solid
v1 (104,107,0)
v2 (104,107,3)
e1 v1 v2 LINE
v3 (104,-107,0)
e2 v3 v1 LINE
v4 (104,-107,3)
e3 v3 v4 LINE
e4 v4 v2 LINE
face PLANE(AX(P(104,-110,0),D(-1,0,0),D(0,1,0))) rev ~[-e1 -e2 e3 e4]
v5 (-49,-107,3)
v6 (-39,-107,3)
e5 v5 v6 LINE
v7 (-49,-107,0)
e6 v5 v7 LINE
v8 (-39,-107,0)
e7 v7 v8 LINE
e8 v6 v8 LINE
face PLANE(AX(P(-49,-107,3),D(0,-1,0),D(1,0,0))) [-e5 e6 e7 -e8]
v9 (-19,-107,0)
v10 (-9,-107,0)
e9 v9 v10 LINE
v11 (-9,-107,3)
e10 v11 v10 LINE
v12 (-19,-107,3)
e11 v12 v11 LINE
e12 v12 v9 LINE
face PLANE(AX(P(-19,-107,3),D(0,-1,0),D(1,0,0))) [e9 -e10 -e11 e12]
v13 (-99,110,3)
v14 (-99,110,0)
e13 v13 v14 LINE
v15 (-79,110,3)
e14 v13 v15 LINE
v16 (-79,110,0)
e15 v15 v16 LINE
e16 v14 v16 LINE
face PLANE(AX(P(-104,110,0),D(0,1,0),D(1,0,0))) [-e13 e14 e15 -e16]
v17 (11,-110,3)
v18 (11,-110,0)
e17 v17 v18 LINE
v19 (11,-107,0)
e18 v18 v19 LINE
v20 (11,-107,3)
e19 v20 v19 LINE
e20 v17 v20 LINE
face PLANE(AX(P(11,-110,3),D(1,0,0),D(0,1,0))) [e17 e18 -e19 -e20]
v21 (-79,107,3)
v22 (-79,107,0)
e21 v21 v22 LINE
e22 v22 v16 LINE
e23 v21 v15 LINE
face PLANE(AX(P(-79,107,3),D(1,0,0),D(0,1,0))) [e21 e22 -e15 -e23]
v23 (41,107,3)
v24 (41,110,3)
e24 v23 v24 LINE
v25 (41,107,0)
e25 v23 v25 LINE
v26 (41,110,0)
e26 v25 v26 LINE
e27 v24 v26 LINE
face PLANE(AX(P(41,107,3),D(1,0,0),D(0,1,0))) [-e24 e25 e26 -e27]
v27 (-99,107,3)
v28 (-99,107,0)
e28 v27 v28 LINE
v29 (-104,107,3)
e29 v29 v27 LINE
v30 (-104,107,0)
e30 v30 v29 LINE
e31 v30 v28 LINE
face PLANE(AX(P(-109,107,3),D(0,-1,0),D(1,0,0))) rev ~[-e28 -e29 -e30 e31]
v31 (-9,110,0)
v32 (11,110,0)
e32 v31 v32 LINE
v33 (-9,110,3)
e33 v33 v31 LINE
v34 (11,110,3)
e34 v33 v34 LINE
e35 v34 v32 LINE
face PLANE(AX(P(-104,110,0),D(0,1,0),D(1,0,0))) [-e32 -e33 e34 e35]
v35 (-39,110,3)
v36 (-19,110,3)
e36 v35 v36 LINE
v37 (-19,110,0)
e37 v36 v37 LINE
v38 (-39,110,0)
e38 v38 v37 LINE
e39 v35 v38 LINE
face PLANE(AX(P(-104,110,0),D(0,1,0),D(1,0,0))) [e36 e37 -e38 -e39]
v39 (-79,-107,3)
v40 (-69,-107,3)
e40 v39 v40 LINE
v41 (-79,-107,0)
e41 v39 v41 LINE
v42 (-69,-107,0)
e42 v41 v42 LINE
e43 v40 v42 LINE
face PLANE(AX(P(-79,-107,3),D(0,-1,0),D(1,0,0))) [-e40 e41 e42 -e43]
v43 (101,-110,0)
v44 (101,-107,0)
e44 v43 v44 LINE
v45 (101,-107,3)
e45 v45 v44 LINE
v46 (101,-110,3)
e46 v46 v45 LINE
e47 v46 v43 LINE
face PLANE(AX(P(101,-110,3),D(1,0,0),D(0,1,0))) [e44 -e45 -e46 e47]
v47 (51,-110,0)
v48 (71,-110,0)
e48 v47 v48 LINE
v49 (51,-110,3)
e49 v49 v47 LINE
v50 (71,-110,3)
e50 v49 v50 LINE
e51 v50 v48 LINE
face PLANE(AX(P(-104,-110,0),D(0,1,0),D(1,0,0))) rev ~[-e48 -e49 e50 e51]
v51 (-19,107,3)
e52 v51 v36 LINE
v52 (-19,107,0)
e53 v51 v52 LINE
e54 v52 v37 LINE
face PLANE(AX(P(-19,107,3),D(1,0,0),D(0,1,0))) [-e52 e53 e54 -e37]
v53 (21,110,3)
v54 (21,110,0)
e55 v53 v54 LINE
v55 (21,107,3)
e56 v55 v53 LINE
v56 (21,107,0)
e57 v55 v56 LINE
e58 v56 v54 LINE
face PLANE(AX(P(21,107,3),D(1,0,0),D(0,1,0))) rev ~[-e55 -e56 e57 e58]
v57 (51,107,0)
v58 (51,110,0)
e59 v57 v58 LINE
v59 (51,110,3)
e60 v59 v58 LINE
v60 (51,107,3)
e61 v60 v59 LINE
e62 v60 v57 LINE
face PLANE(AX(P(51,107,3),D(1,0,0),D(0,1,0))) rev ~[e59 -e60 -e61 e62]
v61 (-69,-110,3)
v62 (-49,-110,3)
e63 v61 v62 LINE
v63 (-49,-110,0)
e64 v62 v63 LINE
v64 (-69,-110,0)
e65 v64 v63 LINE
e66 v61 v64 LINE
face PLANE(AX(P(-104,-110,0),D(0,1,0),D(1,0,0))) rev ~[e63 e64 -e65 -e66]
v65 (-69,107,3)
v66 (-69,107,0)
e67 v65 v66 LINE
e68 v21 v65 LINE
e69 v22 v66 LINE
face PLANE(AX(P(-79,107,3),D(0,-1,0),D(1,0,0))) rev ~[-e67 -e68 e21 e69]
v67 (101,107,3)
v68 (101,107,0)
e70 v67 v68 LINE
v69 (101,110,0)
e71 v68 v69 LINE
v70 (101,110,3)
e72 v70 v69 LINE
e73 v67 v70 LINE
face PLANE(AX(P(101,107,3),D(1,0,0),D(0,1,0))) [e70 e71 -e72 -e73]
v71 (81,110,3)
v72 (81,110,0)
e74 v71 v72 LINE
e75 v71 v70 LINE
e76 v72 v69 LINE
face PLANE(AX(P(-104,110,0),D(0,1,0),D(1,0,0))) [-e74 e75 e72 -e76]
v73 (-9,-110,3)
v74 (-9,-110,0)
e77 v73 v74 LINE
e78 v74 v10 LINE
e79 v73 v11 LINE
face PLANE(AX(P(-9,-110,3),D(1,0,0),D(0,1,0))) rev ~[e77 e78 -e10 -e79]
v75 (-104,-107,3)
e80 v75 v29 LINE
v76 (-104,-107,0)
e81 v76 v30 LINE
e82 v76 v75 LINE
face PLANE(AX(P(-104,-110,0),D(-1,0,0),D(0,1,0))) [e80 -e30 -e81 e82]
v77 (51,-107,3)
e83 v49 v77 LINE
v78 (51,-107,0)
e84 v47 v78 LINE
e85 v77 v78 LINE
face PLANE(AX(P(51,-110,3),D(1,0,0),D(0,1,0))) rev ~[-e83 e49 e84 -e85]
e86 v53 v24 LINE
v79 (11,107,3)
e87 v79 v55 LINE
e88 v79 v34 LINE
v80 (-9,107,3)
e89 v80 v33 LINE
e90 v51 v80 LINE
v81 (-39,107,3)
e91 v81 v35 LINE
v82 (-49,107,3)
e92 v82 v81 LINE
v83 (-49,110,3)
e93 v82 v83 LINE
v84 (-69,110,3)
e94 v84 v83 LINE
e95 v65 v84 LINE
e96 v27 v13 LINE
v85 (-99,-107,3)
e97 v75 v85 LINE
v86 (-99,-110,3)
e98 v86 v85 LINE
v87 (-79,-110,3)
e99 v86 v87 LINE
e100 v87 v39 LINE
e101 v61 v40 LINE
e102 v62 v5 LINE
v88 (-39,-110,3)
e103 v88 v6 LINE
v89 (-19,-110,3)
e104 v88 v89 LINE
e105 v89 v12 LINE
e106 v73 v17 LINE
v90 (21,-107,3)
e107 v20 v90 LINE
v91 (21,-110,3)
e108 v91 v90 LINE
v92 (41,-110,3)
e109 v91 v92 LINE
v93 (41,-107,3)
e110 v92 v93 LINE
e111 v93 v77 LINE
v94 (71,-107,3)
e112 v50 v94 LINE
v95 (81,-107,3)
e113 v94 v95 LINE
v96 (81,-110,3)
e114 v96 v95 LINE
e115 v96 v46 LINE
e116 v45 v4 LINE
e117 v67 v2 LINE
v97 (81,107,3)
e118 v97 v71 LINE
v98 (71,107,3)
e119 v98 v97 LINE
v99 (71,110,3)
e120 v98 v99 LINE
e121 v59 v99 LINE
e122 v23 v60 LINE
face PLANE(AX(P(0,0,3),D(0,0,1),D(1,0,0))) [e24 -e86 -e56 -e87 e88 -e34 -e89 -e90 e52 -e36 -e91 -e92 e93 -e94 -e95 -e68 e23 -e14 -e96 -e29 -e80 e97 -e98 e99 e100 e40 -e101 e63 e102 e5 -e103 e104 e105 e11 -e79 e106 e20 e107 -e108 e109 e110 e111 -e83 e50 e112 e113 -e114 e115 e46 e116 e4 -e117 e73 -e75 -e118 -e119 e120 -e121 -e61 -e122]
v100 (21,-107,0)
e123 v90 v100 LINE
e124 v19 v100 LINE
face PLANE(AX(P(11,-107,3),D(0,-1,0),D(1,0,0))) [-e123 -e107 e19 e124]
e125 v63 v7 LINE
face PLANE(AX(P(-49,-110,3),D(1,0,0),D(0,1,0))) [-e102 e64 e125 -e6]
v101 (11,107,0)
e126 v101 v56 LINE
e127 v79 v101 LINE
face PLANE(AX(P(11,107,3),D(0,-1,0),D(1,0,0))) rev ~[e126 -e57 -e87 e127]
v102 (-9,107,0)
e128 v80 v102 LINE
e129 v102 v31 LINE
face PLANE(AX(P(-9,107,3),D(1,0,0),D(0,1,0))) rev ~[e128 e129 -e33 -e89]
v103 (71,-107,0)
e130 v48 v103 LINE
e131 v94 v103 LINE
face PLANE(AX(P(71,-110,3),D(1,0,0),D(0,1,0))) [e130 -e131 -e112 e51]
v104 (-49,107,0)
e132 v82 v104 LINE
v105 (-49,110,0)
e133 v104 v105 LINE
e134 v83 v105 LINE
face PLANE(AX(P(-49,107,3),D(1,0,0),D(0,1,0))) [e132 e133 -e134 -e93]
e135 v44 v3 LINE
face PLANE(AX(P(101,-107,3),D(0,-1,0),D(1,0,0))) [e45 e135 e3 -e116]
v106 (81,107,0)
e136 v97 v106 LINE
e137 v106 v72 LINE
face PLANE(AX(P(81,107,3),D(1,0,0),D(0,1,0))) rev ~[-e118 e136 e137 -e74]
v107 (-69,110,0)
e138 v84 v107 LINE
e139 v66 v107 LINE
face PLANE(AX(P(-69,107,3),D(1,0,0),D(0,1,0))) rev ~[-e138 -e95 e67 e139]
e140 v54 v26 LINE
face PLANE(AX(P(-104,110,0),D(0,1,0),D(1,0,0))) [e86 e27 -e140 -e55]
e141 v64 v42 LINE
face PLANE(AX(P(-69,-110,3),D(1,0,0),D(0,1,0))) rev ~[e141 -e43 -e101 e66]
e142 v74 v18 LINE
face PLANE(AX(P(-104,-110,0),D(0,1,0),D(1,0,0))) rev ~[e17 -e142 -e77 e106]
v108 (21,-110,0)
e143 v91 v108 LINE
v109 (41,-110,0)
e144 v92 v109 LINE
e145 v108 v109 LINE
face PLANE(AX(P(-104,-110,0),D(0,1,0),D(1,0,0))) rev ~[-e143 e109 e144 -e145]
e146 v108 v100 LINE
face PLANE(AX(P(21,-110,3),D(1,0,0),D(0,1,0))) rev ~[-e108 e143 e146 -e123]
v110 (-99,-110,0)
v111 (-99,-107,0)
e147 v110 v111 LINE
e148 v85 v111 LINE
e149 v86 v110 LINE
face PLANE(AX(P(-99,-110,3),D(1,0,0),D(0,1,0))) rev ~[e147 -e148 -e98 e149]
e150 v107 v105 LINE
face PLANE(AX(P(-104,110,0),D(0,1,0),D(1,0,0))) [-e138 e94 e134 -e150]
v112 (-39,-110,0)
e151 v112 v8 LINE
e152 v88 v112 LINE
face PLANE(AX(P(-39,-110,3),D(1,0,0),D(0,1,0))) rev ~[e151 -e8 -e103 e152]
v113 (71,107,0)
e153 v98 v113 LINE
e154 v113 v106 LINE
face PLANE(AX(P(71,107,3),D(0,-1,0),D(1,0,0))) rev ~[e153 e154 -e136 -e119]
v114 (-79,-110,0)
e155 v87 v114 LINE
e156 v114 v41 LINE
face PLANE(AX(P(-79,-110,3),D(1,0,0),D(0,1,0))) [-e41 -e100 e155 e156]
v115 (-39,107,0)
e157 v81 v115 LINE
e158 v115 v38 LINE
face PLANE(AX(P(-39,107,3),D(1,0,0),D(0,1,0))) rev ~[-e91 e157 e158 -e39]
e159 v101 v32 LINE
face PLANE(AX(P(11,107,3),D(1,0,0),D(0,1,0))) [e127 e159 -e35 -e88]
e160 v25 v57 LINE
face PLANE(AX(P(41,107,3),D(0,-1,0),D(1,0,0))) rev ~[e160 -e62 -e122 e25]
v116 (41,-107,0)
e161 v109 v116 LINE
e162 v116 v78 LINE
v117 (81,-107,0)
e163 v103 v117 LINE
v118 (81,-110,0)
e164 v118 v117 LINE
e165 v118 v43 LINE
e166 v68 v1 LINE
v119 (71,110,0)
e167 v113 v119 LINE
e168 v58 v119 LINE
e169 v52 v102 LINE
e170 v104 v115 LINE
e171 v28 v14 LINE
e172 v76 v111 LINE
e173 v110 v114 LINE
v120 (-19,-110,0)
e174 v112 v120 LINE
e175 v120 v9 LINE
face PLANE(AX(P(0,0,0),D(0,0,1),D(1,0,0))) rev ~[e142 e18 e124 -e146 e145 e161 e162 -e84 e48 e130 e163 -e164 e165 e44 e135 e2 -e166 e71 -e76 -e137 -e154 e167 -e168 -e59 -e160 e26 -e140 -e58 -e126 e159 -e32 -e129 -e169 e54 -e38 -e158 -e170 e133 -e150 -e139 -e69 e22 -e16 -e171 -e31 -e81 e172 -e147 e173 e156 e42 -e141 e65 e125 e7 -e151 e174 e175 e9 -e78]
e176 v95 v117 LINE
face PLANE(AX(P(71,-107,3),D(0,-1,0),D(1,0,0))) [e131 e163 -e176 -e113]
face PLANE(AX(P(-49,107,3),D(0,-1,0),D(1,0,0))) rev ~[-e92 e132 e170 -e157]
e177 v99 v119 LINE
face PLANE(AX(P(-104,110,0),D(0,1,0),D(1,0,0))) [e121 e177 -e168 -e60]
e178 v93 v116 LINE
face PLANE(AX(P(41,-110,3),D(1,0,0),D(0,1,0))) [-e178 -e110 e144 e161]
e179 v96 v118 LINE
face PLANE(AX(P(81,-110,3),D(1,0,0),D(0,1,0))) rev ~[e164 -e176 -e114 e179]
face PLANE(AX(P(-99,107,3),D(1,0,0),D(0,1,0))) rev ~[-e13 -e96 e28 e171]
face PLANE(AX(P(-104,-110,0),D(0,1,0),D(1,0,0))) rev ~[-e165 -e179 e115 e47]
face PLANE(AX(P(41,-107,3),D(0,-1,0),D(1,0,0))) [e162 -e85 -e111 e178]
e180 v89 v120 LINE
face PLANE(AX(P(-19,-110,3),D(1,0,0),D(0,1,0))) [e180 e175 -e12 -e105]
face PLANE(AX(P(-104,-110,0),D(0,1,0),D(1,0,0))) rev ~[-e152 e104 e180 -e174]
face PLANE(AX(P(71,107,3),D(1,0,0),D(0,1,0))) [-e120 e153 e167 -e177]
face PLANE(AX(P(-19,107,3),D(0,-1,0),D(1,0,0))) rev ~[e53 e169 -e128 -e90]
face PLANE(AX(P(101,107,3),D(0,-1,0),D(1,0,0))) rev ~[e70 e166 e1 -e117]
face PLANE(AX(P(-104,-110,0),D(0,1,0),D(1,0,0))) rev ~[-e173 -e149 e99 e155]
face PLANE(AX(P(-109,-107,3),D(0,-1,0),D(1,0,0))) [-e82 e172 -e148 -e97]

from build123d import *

# Parameters (mm, degrees)
ESQUISSE1_W             = 208
ESQUISSE1_H             = 220
BOSS_EXTRU_1_DEPTH      = 3
ESQUISSE2_W             = 10
ESQUISSE2_H             = 3
ENL_V_MAT_EXTRU_1_DEPTH = 3


with BuildPart() as part:
    # Esquisse1 → Boss.-Extru.1 (new body)
    with BuildSketch(Plane.XY):
        Rectangle(ESQUISSE1_W, ESQUISSE1_H)
    extrude(amount=BOSS_EXTRU_1_DEPTH)

    # Esquisse2 → Enlèv. mat.-Extru.1 (cut)
    with BuildSketch(Plane.XY.offset(3)):
        with Locations((-104, 108.5)):
            Rectangle(ESQUISSE2_W, ESQUISSE2_H)
        with Locations((-74, 108.5)):
            Rectangle(ESQUISSE2_W, ESQUISSE2_H)
        with Locations((-44, 108.5)):
            Rectangle(ESQUISSE2_W, ESQUISSE2_H)
        with Locations((-14, 108.5)):
            Rectangle(ESQUISSE2_W, ESQUISSE2_H)
        with Locations((16, 108.5)):
            Rectangle(ESQUISSE2_W, ESQUISSE2_H)
        with Locations((46, 108.5)):
            Rectangle(ESQUISSE2_W, ESQUISSE2_H)
        with Locations((76, 108.5)):
            Rectangle(ESQUISSE2_W, ESQUISSE2_H)
        with Locations((106, 108.5)):
            Rectangle(ESQUISSE2_W, ESQUISSE2_H)
        with Locations((106, -108.5)):
            Rectangle(ESQUISSE2_W, ESQUISSE2_H)
        with Locations((76, -108.5)):
            Rectangle(ESQUISSE2_W, ESQUISSE2_H)
        with Locations((46, -108.5)):
            Rectangle(ESQUISSE2_W, ESQUISSE2_H)
        with Locations((16, -108.5)):
            Rectangle(ESQUISSE2_W, ESQUISSE2_H)
        with Locations((-14, -108.5)):
            Rectangle(ESQUISSE2_W, ESQUISSE2_H)
        with Locations((-44, -108.5)):
            Rectangle(ESQUISSE2_W, ESQUISSE2_H)
        with Locations((-74, -108.5)):
            Rectangle(ESQUISSE2_W, ESQUISSE2_H)
        with Locations((-104, -108.5)):
            Rectangle(ESQUISSE2_W, ESQUISSE2_H)
    extrude(amount=-ENL_V_MAT_EXTRU_1_DEPTH, mode=Mode.SUBTRACT)


solid = part.part
